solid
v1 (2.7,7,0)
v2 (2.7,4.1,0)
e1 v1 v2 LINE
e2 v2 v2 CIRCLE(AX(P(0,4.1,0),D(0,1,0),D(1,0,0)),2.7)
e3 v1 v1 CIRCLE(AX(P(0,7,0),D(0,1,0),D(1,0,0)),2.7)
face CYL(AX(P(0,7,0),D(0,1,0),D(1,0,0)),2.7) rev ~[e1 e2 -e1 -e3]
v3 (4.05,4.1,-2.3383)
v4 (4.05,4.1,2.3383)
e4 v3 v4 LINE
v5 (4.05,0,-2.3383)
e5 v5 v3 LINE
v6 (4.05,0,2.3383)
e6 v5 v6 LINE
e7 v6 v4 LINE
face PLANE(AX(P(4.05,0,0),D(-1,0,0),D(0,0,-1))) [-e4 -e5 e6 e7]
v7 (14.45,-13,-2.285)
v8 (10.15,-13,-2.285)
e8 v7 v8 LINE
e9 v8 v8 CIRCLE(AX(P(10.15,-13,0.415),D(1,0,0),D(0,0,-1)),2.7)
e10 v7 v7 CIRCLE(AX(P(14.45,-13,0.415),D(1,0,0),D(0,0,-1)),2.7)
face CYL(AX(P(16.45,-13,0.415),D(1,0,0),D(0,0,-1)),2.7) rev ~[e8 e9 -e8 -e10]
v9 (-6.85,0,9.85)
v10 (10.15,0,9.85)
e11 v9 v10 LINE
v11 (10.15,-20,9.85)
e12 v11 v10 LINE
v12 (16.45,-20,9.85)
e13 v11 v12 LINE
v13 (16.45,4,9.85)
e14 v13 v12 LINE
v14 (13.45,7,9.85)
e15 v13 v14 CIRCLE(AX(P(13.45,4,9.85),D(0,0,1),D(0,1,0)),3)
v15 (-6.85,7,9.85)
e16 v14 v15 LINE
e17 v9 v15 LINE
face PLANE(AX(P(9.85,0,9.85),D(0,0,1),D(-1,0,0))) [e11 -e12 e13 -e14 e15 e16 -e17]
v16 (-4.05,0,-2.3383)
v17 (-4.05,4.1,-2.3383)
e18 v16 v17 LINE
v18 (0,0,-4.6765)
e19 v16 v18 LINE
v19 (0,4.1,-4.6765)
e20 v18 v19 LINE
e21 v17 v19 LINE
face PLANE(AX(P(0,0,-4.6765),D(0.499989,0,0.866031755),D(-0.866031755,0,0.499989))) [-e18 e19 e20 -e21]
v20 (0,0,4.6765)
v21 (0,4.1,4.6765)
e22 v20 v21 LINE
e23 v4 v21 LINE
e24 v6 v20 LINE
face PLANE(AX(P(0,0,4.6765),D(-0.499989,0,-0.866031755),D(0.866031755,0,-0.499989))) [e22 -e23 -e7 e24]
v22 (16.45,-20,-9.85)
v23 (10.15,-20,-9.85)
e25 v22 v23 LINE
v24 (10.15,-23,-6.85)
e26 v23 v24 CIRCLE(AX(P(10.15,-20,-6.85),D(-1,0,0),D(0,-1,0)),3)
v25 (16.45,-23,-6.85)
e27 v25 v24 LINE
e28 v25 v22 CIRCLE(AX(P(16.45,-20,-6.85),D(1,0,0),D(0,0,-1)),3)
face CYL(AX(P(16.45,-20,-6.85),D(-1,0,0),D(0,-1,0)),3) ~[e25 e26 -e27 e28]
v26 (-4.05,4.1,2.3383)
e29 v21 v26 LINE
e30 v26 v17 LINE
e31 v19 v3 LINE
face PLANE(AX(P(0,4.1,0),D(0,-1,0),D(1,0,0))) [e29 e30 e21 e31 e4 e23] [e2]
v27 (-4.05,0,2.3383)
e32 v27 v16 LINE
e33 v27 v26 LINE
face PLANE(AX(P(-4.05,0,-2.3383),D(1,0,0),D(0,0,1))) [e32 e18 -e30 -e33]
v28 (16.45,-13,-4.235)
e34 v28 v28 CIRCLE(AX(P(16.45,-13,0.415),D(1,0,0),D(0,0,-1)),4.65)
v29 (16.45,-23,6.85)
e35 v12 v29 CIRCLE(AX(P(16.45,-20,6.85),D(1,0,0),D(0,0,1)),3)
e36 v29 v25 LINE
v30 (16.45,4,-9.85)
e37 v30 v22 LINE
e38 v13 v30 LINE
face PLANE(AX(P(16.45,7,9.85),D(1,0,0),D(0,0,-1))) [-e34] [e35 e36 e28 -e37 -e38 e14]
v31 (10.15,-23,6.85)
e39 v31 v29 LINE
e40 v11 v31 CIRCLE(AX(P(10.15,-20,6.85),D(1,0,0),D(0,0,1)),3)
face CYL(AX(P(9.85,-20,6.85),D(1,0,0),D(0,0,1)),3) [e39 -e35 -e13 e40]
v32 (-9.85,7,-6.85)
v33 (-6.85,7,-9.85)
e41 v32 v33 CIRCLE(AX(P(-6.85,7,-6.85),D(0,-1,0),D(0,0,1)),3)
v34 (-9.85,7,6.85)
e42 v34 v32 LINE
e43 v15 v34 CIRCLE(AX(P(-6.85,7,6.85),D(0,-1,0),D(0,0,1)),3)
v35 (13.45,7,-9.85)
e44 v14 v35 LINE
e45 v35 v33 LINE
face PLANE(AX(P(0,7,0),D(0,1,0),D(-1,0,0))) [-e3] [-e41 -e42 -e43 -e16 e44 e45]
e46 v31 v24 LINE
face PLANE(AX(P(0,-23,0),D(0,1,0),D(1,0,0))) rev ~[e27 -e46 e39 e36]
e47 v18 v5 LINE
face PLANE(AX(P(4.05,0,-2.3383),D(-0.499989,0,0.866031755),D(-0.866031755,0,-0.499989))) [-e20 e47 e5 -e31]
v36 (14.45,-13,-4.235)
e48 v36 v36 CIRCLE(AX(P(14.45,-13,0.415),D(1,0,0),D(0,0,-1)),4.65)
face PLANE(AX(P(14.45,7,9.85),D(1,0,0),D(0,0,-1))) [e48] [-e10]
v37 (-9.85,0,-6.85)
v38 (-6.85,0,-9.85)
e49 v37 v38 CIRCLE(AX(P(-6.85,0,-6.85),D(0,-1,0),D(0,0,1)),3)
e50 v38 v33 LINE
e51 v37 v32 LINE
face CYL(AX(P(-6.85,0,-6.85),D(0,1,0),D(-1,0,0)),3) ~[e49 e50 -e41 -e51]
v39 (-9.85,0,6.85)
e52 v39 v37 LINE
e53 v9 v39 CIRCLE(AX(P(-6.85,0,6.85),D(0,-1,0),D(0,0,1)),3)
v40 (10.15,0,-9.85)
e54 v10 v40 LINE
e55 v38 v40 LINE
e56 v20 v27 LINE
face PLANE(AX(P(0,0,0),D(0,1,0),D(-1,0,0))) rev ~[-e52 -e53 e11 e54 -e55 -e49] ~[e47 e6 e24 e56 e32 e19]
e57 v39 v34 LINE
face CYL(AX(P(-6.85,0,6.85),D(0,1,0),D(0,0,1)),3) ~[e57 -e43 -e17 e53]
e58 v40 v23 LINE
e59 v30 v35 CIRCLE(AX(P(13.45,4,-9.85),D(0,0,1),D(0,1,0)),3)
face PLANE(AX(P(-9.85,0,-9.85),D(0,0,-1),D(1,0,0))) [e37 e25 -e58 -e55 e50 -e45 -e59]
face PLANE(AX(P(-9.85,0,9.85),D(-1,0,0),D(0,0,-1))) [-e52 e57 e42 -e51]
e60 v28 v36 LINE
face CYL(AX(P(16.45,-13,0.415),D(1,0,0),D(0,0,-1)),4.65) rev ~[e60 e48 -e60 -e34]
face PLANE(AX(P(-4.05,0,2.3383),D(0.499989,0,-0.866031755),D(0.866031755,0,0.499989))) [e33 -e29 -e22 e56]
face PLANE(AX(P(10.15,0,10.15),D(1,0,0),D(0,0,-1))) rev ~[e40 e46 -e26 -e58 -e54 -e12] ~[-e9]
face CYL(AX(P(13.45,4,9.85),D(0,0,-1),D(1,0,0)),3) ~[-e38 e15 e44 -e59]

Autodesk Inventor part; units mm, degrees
ref_plane "YZ Plane" through (0, 0, 0) normal (1, 0, 0) x (0, 1, 0)
ref_plane "XZ Plane" through (0, 0, 0) normal (0, 1, 0) x (-1, 0, 0)
ref_plane "XY Plane" through (0, 0, 0) normal (0, 0, 1) x (1, 0, 0)
sketch "Boceto1" plane through (0, 0, 0) normal (0, 1, 0) x (-1, 0, 0)
  line L0 (-9.85, 9.85) -> (9.85, 9.85)
  line L1 (9.85, 9.85) -> (9.85, -9.85)
  line L2 (9.85, -9.85) -> (-9.85, -9.85)
  line L3 (-9.85, -9.85) -> (-9.85, 9.85)
  line L4 (-9.85, 9.85) -> (9.85, -9.85) construction
  line L5 (9.85, 9.85) -> (-9.85, -9.85) construction
  point P0 (0, 0)
  dimension "d0" = 19.7
  dimension "d1" = 19.7
extrude "Extrusión1" add sketch "Boceto1" along normal blind 7
sketch "Boceto2" plane through (0, 7, 0) normal (0, 1, 0) x (1, 0, 0)
  line L0 (-9.85, -9.85) -> (9.85, -9.85) projected
  line L1 (9.85, -9.85) -> (16.45, -9.85)
  line L2 (16.45, -9.85) -> (16.45, 9.85)
  line L3 (16.45, 9.85) -> (9.85, 9.85)
  line L4 (9.85, 9.85) -> (9.85, -9.85)
  line L5 (9.85, 9.85) -> (-9.85, 9.85) projected
  point P0 (0, 0)
  dimension "d4" = 6.6
extrude "Extrusión2" add sketch "Boceto2" against normal blind 30
sketch "Boceto3" plane through (16.45, 7, 9.85) normal (1, 0, 0) x (0, 0, -1)
  circle A0 centre (9.435, -20) radius 2.7
  line L0 (19.7, -30) -> (0, -30) projected
  point P0 (9.85, -7)
  dimension "d7" = 5.4
  dimension "d8" = 10
extrude "Extrusión3" cut sketch "Boceto3" against normal blind 20
sketch "Boceto4" plane through (16.45, 7, 9.85) normal (1, 0, 0) x (0, 0, -1)
  circle A0 centre (9.435, -20) radius 2.7 projected
  circle A1 centre (9.435, -20) radius 4.65
  point P0 (9.85, -7)
  dimension "d11" = 9.3
extrude "Extrusión4" cut sketch "Boceto4" against normal blind 2 contours A0 | A1
sketch "Boceto5" plane through (0, 7, 0) normal (0, 1, 0) x (1, 0, 0)
  circle A0 centre (0, 0) radius 2.7
  dimension "d14" = 5.4
extrude "Extrusión5" cut sketch "Boceto5" against normal through all
sketch "Boceto6" plane through (0, 0, 0) normal (0, -1, 0) x (1, 0, 0)
  circle A0 centre (0, 0) radius 4.05
  line L0 (0, 4.6765) -> (4.05, 2.3383)
  line L1 (4.05, 2.3383) -> (4.05, -2.3383)
  line L2 (4.05, -2.3383) -> (0, -4.6765)
  line L3 (0, -4.6765) -> (-4.05, -2.3383)
  line L4 (-4.05, -2.3383) -> (-4.05, 2.3383)
  line L5 (-4.05, 2.3383) -> (0, 4.6765)
  dimension "d17" = 8.1
extrude "Extrusión6" cut sketch "Boceto6" against normal blind 4.1
fillet "Empalme1" radius 3 3 edges at (16.45, 7, 0) (13.15, -23, 9.85) (13.15, -23, -9.85)
sketch "Boceto8" plane through (0, 0, 0) normal (0, -1, 0) x (1, 0, 0)
  line L0 (10.15, -10.15) -> (-10.15, -10.15)
  line L1 (-10.15, -10.15) -> (-10.15, 10.15)
  line L2 (-10.15, 10.15) -> (10.15, 10.15)
  line L3 (10.15, 10.15) -> (10.15, -10.15)
  line L4 (10.15, -10.15) -> (-10.15, 10.15) construction
  line L5 (-10.15, -10.15) -> (10.15, 10.15) construction
  point P0 (0, 0)
  dimension "d21" = 20.3
  dimension "d22" = 20.3
extrude "Extrusión7" cut sketch "Boceto8" along normal through all
fillet "Empalme2" radius 3 2 edges at (-9.85, 3.5, 9.85) (-9.85, 3.5, -9.85)
properties part number "soportetuerca"
